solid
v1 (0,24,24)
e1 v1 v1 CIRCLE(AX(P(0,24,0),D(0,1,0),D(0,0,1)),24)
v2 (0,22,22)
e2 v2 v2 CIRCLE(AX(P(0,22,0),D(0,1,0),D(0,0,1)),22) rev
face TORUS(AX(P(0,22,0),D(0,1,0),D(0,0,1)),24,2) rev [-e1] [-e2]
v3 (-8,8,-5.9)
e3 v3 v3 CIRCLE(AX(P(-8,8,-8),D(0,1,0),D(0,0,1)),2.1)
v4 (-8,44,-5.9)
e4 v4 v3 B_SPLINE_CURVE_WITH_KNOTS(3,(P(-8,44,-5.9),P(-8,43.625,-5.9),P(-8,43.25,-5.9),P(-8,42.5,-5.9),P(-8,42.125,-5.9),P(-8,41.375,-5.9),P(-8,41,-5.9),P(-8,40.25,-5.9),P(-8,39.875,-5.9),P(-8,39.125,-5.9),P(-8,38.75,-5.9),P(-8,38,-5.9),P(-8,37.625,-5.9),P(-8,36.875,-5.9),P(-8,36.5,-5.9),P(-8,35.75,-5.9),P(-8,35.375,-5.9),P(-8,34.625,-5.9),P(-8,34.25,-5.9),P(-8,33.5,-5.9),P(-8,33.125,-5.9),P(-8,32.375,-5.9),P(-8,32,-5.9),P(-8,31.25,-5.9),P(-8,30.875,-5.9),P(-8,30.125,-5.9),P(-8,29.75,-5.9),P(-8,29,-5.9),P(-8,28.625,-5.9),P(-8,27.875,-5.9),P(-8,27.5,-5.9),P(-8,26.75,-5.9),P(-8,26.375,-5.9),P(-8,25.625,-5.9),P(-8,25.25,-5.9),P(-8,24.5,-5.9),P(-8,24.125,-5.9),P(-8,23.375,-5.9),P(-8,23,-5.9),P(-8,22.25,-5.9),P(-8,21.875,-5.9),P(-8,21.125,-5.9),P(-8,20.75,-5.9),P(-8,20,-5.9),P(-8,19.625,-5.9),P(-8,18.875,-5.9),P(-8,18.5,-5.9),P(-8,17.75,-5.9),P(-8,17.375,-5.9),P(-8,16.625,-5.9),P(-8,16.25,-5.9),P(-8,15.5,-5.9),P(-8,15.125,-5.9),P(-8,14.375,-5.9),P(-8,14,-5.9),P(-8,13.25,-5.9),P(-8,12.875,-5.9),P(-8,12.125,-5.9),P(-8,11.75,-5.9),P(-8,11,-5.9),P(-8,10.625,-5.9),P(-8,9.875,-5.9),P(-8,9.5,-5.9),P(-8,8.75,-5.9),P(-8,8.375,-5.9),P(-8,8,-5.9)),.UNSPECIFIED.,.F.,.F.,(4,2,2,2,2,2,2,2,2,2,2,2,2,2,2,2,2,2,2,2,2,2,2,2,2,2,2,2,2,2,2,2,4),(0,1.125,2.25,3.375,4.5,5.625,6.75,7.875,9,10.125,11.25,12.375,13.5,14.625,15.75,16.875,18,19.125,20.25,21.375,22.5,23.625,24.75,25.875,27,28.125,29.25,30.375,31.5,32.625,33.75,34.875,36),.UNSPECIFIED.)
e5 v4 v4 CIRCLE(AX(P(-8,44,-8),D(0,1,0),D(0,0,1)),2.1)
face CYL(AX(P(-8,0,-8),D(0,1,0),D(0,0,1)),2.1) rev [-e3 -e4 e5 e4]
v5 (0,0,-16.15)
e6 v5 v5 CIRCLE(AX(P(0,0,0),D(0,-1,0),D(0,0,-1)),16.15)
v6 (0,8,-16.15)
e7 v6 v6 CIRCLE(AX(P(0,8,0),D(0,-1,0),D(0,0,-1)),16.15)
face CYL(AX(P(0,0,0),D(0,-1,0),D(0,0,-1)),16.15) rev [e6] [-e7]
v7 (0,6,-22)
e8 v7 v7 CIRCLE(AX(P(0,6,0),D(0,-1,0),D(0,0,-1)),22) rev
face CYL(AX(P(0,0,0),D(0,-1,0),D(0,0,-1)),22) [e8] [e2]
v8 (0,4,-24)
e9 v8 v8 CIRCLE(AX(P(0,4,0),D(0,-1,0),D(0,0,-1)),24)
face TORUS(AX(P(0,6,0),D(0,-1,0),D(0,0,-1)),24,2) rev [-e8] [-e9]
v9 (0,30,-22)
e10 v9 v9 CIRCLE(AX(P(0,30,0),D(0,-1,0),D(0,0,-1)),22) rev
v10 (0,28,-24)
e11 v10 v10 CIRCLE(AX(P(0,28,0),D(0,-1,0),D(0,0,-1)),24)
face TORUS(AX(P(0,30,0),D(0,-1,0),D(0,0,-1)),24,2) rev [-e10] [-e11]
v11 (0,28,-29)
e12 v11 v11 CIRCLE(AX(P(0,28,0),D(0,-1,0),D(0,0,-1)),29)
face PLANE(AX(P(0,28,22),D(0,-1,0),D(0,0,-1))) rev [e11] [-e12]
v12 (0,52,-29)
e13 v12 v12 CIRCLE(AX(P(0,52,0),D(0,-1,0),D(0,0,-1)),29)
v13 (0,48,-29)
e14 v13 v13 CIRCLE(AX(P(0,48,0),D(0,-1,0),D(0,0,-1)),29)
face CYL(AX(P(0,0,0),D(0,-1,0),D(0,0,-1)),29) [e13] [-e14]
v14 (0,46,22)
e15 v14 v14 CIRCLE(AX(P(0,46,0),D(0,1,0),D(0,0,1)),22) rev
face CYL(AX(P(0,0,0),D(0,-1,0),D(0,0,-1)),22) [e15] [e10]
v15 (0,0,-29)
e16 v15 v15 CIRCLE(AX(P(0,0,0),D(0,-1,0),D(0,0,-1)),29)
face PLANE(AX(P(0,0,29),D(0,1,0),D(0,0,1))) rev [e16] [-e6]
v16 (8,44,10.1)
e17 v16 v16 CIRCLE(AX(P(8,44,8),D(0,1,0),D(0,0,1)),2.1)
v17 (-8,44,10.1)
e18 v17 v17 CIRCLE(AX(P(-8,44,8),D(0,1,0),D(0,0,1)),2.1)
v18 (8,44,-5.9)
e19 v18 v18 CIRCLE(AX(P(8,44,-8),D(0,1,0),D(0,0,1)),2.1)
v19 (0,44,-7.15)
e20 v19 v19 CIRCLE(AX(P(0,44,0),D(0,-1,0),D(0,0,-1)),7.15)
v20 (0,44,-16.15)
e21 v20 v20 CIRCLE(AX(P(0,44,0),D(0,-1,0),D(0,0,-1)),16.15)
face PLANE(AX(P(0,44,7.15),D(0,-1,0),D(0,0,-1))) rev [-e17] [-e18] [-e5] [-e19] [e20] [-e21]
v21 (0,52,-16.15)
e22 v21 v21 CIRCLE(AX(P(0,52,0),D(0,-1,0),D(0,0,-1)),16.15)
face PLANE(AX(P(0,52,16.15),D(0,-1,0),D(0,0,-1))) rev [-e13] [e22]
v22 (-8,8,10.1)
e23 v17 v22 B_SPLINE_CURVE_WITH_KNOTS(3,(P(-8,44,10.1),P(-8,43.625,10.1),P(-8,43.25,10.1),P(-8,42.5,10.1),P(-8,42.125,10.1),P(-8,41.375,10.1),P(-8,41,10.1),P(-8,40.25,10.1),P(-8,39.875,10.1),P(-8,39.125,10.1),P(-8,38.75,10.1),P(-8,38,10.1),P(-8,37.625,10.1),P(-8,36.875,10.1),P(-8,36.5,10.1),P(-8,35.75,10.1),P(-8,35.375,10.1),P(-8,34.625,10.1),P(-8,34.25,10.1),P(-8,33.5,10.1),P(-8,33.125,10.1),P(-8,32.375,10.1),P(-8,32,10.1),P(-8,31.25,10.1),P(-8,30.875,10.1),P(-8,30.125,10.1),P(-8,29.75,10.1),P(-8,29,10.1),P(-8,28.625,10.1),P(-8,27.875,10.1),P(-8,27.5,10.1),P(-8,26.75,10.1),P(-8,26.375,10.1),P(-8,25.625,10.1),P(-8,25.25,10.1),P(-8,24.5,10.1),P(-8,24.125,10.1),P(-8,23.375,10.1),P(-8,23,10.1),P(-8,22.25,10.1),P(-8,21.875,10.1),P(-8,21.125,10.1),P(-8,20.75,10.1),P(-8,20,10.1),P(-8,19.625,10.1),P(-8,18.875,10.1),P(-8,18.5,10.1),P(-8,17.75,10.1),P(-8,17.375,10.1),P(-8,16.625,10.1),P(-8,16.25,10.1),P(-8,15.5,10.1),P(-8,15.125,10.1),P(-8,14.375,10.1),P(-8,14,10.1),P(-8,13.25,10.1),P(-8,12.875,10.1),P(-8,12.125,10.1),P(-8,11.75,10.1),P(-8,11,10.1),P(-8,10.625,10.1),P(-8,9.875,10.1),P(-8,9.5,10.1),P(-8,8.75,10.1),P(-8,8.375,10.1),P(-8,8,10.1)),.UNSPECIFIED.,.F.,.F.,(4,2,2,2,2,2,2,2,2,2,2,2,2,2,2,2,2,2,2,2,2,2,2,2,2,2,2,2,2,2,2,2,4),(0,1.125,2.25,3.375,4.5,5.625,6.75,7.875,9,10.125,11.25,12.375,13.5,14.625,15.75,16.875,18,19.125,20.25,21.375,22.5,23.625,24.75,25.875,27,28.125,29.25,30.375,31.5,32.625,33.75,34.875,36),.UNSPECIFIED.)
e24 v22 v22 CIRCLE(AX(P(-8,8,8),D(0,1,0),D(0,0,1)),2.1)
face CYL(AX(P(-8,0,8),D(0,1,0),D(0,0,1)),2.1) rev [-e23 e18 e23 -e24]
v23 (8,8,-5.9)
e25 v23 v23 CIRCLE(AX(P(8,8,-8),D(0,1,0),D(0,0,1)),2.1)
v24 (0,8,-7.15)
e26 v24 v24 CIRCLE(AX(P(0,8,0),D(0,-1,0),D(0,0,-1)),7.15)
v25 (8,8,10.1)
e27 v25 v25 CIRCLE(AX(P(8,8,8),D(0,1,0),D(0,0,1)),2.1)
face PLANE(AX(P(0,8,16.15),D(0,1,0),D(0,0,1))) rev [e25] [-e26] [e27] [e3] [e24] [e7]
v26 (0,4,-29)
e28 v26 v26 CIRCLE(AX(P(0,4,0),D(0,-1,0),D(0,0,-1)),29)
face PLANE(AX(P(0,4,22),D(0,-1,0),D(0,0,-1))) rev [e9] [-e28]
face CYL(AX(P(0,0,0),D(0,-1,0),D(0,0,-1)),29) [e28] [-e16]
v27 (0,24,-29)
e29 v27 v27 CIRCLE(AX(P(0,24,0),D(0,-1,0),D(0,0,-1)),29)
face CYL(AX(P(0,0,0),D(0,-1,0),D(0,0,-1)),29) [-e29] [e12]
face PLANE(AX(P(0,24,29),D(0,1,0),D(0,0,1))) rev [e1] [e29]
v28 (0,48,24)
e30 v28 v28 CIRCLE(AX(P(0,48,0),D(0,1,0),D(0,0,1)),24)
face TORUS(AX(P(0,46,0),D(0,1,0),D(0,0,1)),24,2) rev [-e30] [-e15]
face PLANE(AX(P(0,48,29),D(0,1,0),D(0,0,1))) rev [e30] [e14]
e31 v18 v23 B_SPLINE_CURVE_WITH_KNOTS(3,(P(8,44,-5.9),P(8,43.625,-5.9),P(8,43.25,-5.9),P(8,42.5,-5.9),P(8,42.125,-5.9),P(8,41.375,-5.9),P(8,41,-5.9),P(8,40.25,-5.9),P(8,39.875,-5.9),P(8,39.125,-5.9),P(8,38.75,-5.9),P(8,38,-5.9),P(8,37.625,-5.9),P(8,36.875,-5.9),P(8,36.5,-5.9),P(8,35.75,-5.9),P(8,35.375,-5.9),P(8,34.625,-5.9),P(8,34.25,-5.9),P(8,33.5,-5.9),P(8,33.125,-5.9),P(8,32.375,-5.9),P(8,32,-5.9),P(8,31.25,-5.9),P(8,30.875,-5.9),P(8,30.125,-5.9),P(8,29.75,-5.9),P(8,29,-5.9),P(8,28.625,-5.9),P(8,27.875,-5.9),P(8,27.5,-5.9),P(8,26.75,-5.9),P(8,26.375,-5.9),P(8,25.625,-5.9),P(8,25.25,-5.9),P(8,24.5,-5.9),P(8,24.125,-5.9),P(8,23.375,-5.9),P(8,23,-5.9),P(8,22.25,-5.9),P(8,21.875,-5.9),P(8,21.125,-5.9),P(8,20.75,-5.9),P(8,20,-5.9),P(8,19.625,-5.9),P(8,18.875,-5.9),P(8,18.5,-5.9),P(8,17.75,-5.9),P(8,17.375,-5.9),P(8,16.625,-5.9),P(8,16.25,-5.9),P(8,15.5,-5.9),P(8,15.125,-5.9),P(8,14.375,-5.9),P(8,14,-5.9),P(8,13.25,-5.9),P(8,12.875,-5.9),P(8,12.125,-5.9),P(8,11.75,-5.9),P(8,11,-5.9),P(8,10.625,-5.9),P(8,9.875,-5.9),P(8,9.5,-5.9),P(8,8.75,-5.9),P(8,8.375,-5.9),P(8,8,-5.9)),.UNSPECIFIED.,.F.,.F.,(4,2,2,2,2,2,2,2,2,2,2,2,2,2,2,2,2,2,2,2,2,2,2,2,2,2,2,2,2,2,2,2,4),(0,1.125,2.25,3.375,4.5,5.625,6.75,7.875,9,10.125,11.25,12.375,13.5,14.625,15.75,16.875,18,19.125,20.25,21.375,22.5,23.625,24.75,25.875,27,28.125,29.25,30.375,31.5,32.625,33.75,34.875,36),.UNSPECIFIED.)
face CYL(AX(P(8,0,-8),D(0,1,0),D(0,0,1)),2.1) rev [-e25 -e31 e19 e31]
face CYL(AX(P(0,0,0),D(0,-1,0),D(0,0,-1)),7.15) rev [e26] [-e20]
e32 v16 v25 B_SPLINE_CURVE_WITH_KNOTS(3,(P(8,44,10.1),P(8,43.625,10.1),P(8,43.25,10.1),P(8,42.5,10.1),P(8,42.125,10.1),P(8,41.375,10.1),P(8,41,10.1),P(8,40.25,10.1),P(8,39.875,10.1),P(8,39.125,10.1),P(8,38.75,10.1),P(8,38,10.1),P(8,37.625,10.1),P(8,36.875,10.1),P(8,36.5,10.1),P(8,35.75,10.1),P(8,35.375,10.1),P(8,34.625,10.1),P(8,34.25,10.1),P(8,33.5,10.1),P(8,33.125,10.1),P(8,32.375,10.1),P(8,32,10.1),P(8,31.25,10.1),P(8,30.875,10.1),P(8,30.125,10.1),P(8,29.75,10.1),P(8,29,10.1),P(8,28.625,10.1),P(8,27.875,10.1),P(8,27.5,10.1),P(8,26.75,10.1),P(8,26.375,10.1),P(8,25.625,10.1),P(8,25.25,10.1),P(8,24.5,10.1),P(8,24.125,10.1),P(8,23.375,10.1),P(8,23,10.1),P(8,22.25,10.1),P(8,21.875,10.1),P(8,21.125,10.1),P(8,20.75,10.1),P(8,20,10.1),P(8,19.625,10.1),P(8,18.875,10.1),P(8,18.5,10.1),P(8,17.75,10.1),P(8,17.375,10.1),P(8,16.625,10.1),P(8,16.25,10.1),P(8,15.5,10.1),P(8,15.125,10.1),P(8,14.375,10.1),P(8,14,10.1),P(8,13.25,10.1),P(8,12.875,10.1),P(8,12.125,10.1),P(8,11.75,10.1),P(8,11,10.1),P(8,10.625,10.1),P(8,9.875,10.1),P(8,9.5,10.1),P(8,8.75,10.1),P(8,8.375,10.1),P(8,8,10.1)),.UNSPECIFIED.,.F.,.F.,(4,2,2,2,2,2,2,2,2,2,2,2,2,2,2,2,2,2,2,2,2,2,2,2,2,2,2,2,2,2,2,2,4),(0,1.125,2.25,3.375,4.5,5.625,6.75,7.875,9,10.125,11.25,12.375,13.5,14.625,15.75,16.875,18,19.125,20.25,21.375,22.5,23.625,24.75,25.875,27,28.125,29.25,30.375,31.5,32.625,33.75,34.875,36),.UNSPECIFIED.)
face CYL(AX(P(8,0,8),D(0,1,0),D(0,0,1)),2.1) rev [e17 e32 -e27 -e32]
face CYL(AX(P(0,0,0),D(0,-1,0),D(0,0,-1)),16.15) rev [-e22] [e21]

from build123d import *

# Parameters (mm, degrees)
SKETCH_2_R          = 2.1
CUT_EXTRUDE_1_DEPTH = 61.149812967
FILLET_1_R          = 2


with BuildPart() as part:
    # 草图1 → 旋转1 (revolve)
    with BuildSketch(Plane(origin=(0, 0, 0), x_dir=(0, 0, -1), z_dir=(1, 0, 0))):
        Polygon((-7.15, 44), (-16.15, 44), (-16.15, 52), (-29, 52), (-29, 48), (-22, 48), (-22, 28), (-29, 28), (-29, 24), (-22, 24), (-22, 4), (-29, 4), (-29, 0), (-16.15, 0), (-16.15, 8), (-7.15, 8), align=None)
    revolve(axis=Axis((0, 0, 0), (0, 1, 0)))

    # 草图2 → 切除-拉伸1 (cut, through all)
    with BuildSketch(Plane(origin=(0, 44, 0), x_dir=(1, 0, 0), z_dir=(0, 1, 0))):
        with Locations((-8, 8)):
            Circle(SKETCH_2_R)
        with Locations((8, 8)):
            Circle(SKETCH_2_R)
        with Locations((8, -8)):
            Circle(SKETCH_2_R)
        with Locations((-8, -8)):
            Circle(SKETCH_2_R)
    extrude(amount=-CUT_EXTRUDE_1_DEPTH, mode=Mode.SUBTRACT)

    # 圆角1
    fillet_1_edges = [part.edges().sort_by_distance(p)[0] for p in [
        (0, 24, -22),
        (0, 4, -22),
        (0, 48, -22),
        (0, 28, -22),
    ]]
    fillet(fillet_1_edges, radius=FILLET_1_R)


solid = part.part
